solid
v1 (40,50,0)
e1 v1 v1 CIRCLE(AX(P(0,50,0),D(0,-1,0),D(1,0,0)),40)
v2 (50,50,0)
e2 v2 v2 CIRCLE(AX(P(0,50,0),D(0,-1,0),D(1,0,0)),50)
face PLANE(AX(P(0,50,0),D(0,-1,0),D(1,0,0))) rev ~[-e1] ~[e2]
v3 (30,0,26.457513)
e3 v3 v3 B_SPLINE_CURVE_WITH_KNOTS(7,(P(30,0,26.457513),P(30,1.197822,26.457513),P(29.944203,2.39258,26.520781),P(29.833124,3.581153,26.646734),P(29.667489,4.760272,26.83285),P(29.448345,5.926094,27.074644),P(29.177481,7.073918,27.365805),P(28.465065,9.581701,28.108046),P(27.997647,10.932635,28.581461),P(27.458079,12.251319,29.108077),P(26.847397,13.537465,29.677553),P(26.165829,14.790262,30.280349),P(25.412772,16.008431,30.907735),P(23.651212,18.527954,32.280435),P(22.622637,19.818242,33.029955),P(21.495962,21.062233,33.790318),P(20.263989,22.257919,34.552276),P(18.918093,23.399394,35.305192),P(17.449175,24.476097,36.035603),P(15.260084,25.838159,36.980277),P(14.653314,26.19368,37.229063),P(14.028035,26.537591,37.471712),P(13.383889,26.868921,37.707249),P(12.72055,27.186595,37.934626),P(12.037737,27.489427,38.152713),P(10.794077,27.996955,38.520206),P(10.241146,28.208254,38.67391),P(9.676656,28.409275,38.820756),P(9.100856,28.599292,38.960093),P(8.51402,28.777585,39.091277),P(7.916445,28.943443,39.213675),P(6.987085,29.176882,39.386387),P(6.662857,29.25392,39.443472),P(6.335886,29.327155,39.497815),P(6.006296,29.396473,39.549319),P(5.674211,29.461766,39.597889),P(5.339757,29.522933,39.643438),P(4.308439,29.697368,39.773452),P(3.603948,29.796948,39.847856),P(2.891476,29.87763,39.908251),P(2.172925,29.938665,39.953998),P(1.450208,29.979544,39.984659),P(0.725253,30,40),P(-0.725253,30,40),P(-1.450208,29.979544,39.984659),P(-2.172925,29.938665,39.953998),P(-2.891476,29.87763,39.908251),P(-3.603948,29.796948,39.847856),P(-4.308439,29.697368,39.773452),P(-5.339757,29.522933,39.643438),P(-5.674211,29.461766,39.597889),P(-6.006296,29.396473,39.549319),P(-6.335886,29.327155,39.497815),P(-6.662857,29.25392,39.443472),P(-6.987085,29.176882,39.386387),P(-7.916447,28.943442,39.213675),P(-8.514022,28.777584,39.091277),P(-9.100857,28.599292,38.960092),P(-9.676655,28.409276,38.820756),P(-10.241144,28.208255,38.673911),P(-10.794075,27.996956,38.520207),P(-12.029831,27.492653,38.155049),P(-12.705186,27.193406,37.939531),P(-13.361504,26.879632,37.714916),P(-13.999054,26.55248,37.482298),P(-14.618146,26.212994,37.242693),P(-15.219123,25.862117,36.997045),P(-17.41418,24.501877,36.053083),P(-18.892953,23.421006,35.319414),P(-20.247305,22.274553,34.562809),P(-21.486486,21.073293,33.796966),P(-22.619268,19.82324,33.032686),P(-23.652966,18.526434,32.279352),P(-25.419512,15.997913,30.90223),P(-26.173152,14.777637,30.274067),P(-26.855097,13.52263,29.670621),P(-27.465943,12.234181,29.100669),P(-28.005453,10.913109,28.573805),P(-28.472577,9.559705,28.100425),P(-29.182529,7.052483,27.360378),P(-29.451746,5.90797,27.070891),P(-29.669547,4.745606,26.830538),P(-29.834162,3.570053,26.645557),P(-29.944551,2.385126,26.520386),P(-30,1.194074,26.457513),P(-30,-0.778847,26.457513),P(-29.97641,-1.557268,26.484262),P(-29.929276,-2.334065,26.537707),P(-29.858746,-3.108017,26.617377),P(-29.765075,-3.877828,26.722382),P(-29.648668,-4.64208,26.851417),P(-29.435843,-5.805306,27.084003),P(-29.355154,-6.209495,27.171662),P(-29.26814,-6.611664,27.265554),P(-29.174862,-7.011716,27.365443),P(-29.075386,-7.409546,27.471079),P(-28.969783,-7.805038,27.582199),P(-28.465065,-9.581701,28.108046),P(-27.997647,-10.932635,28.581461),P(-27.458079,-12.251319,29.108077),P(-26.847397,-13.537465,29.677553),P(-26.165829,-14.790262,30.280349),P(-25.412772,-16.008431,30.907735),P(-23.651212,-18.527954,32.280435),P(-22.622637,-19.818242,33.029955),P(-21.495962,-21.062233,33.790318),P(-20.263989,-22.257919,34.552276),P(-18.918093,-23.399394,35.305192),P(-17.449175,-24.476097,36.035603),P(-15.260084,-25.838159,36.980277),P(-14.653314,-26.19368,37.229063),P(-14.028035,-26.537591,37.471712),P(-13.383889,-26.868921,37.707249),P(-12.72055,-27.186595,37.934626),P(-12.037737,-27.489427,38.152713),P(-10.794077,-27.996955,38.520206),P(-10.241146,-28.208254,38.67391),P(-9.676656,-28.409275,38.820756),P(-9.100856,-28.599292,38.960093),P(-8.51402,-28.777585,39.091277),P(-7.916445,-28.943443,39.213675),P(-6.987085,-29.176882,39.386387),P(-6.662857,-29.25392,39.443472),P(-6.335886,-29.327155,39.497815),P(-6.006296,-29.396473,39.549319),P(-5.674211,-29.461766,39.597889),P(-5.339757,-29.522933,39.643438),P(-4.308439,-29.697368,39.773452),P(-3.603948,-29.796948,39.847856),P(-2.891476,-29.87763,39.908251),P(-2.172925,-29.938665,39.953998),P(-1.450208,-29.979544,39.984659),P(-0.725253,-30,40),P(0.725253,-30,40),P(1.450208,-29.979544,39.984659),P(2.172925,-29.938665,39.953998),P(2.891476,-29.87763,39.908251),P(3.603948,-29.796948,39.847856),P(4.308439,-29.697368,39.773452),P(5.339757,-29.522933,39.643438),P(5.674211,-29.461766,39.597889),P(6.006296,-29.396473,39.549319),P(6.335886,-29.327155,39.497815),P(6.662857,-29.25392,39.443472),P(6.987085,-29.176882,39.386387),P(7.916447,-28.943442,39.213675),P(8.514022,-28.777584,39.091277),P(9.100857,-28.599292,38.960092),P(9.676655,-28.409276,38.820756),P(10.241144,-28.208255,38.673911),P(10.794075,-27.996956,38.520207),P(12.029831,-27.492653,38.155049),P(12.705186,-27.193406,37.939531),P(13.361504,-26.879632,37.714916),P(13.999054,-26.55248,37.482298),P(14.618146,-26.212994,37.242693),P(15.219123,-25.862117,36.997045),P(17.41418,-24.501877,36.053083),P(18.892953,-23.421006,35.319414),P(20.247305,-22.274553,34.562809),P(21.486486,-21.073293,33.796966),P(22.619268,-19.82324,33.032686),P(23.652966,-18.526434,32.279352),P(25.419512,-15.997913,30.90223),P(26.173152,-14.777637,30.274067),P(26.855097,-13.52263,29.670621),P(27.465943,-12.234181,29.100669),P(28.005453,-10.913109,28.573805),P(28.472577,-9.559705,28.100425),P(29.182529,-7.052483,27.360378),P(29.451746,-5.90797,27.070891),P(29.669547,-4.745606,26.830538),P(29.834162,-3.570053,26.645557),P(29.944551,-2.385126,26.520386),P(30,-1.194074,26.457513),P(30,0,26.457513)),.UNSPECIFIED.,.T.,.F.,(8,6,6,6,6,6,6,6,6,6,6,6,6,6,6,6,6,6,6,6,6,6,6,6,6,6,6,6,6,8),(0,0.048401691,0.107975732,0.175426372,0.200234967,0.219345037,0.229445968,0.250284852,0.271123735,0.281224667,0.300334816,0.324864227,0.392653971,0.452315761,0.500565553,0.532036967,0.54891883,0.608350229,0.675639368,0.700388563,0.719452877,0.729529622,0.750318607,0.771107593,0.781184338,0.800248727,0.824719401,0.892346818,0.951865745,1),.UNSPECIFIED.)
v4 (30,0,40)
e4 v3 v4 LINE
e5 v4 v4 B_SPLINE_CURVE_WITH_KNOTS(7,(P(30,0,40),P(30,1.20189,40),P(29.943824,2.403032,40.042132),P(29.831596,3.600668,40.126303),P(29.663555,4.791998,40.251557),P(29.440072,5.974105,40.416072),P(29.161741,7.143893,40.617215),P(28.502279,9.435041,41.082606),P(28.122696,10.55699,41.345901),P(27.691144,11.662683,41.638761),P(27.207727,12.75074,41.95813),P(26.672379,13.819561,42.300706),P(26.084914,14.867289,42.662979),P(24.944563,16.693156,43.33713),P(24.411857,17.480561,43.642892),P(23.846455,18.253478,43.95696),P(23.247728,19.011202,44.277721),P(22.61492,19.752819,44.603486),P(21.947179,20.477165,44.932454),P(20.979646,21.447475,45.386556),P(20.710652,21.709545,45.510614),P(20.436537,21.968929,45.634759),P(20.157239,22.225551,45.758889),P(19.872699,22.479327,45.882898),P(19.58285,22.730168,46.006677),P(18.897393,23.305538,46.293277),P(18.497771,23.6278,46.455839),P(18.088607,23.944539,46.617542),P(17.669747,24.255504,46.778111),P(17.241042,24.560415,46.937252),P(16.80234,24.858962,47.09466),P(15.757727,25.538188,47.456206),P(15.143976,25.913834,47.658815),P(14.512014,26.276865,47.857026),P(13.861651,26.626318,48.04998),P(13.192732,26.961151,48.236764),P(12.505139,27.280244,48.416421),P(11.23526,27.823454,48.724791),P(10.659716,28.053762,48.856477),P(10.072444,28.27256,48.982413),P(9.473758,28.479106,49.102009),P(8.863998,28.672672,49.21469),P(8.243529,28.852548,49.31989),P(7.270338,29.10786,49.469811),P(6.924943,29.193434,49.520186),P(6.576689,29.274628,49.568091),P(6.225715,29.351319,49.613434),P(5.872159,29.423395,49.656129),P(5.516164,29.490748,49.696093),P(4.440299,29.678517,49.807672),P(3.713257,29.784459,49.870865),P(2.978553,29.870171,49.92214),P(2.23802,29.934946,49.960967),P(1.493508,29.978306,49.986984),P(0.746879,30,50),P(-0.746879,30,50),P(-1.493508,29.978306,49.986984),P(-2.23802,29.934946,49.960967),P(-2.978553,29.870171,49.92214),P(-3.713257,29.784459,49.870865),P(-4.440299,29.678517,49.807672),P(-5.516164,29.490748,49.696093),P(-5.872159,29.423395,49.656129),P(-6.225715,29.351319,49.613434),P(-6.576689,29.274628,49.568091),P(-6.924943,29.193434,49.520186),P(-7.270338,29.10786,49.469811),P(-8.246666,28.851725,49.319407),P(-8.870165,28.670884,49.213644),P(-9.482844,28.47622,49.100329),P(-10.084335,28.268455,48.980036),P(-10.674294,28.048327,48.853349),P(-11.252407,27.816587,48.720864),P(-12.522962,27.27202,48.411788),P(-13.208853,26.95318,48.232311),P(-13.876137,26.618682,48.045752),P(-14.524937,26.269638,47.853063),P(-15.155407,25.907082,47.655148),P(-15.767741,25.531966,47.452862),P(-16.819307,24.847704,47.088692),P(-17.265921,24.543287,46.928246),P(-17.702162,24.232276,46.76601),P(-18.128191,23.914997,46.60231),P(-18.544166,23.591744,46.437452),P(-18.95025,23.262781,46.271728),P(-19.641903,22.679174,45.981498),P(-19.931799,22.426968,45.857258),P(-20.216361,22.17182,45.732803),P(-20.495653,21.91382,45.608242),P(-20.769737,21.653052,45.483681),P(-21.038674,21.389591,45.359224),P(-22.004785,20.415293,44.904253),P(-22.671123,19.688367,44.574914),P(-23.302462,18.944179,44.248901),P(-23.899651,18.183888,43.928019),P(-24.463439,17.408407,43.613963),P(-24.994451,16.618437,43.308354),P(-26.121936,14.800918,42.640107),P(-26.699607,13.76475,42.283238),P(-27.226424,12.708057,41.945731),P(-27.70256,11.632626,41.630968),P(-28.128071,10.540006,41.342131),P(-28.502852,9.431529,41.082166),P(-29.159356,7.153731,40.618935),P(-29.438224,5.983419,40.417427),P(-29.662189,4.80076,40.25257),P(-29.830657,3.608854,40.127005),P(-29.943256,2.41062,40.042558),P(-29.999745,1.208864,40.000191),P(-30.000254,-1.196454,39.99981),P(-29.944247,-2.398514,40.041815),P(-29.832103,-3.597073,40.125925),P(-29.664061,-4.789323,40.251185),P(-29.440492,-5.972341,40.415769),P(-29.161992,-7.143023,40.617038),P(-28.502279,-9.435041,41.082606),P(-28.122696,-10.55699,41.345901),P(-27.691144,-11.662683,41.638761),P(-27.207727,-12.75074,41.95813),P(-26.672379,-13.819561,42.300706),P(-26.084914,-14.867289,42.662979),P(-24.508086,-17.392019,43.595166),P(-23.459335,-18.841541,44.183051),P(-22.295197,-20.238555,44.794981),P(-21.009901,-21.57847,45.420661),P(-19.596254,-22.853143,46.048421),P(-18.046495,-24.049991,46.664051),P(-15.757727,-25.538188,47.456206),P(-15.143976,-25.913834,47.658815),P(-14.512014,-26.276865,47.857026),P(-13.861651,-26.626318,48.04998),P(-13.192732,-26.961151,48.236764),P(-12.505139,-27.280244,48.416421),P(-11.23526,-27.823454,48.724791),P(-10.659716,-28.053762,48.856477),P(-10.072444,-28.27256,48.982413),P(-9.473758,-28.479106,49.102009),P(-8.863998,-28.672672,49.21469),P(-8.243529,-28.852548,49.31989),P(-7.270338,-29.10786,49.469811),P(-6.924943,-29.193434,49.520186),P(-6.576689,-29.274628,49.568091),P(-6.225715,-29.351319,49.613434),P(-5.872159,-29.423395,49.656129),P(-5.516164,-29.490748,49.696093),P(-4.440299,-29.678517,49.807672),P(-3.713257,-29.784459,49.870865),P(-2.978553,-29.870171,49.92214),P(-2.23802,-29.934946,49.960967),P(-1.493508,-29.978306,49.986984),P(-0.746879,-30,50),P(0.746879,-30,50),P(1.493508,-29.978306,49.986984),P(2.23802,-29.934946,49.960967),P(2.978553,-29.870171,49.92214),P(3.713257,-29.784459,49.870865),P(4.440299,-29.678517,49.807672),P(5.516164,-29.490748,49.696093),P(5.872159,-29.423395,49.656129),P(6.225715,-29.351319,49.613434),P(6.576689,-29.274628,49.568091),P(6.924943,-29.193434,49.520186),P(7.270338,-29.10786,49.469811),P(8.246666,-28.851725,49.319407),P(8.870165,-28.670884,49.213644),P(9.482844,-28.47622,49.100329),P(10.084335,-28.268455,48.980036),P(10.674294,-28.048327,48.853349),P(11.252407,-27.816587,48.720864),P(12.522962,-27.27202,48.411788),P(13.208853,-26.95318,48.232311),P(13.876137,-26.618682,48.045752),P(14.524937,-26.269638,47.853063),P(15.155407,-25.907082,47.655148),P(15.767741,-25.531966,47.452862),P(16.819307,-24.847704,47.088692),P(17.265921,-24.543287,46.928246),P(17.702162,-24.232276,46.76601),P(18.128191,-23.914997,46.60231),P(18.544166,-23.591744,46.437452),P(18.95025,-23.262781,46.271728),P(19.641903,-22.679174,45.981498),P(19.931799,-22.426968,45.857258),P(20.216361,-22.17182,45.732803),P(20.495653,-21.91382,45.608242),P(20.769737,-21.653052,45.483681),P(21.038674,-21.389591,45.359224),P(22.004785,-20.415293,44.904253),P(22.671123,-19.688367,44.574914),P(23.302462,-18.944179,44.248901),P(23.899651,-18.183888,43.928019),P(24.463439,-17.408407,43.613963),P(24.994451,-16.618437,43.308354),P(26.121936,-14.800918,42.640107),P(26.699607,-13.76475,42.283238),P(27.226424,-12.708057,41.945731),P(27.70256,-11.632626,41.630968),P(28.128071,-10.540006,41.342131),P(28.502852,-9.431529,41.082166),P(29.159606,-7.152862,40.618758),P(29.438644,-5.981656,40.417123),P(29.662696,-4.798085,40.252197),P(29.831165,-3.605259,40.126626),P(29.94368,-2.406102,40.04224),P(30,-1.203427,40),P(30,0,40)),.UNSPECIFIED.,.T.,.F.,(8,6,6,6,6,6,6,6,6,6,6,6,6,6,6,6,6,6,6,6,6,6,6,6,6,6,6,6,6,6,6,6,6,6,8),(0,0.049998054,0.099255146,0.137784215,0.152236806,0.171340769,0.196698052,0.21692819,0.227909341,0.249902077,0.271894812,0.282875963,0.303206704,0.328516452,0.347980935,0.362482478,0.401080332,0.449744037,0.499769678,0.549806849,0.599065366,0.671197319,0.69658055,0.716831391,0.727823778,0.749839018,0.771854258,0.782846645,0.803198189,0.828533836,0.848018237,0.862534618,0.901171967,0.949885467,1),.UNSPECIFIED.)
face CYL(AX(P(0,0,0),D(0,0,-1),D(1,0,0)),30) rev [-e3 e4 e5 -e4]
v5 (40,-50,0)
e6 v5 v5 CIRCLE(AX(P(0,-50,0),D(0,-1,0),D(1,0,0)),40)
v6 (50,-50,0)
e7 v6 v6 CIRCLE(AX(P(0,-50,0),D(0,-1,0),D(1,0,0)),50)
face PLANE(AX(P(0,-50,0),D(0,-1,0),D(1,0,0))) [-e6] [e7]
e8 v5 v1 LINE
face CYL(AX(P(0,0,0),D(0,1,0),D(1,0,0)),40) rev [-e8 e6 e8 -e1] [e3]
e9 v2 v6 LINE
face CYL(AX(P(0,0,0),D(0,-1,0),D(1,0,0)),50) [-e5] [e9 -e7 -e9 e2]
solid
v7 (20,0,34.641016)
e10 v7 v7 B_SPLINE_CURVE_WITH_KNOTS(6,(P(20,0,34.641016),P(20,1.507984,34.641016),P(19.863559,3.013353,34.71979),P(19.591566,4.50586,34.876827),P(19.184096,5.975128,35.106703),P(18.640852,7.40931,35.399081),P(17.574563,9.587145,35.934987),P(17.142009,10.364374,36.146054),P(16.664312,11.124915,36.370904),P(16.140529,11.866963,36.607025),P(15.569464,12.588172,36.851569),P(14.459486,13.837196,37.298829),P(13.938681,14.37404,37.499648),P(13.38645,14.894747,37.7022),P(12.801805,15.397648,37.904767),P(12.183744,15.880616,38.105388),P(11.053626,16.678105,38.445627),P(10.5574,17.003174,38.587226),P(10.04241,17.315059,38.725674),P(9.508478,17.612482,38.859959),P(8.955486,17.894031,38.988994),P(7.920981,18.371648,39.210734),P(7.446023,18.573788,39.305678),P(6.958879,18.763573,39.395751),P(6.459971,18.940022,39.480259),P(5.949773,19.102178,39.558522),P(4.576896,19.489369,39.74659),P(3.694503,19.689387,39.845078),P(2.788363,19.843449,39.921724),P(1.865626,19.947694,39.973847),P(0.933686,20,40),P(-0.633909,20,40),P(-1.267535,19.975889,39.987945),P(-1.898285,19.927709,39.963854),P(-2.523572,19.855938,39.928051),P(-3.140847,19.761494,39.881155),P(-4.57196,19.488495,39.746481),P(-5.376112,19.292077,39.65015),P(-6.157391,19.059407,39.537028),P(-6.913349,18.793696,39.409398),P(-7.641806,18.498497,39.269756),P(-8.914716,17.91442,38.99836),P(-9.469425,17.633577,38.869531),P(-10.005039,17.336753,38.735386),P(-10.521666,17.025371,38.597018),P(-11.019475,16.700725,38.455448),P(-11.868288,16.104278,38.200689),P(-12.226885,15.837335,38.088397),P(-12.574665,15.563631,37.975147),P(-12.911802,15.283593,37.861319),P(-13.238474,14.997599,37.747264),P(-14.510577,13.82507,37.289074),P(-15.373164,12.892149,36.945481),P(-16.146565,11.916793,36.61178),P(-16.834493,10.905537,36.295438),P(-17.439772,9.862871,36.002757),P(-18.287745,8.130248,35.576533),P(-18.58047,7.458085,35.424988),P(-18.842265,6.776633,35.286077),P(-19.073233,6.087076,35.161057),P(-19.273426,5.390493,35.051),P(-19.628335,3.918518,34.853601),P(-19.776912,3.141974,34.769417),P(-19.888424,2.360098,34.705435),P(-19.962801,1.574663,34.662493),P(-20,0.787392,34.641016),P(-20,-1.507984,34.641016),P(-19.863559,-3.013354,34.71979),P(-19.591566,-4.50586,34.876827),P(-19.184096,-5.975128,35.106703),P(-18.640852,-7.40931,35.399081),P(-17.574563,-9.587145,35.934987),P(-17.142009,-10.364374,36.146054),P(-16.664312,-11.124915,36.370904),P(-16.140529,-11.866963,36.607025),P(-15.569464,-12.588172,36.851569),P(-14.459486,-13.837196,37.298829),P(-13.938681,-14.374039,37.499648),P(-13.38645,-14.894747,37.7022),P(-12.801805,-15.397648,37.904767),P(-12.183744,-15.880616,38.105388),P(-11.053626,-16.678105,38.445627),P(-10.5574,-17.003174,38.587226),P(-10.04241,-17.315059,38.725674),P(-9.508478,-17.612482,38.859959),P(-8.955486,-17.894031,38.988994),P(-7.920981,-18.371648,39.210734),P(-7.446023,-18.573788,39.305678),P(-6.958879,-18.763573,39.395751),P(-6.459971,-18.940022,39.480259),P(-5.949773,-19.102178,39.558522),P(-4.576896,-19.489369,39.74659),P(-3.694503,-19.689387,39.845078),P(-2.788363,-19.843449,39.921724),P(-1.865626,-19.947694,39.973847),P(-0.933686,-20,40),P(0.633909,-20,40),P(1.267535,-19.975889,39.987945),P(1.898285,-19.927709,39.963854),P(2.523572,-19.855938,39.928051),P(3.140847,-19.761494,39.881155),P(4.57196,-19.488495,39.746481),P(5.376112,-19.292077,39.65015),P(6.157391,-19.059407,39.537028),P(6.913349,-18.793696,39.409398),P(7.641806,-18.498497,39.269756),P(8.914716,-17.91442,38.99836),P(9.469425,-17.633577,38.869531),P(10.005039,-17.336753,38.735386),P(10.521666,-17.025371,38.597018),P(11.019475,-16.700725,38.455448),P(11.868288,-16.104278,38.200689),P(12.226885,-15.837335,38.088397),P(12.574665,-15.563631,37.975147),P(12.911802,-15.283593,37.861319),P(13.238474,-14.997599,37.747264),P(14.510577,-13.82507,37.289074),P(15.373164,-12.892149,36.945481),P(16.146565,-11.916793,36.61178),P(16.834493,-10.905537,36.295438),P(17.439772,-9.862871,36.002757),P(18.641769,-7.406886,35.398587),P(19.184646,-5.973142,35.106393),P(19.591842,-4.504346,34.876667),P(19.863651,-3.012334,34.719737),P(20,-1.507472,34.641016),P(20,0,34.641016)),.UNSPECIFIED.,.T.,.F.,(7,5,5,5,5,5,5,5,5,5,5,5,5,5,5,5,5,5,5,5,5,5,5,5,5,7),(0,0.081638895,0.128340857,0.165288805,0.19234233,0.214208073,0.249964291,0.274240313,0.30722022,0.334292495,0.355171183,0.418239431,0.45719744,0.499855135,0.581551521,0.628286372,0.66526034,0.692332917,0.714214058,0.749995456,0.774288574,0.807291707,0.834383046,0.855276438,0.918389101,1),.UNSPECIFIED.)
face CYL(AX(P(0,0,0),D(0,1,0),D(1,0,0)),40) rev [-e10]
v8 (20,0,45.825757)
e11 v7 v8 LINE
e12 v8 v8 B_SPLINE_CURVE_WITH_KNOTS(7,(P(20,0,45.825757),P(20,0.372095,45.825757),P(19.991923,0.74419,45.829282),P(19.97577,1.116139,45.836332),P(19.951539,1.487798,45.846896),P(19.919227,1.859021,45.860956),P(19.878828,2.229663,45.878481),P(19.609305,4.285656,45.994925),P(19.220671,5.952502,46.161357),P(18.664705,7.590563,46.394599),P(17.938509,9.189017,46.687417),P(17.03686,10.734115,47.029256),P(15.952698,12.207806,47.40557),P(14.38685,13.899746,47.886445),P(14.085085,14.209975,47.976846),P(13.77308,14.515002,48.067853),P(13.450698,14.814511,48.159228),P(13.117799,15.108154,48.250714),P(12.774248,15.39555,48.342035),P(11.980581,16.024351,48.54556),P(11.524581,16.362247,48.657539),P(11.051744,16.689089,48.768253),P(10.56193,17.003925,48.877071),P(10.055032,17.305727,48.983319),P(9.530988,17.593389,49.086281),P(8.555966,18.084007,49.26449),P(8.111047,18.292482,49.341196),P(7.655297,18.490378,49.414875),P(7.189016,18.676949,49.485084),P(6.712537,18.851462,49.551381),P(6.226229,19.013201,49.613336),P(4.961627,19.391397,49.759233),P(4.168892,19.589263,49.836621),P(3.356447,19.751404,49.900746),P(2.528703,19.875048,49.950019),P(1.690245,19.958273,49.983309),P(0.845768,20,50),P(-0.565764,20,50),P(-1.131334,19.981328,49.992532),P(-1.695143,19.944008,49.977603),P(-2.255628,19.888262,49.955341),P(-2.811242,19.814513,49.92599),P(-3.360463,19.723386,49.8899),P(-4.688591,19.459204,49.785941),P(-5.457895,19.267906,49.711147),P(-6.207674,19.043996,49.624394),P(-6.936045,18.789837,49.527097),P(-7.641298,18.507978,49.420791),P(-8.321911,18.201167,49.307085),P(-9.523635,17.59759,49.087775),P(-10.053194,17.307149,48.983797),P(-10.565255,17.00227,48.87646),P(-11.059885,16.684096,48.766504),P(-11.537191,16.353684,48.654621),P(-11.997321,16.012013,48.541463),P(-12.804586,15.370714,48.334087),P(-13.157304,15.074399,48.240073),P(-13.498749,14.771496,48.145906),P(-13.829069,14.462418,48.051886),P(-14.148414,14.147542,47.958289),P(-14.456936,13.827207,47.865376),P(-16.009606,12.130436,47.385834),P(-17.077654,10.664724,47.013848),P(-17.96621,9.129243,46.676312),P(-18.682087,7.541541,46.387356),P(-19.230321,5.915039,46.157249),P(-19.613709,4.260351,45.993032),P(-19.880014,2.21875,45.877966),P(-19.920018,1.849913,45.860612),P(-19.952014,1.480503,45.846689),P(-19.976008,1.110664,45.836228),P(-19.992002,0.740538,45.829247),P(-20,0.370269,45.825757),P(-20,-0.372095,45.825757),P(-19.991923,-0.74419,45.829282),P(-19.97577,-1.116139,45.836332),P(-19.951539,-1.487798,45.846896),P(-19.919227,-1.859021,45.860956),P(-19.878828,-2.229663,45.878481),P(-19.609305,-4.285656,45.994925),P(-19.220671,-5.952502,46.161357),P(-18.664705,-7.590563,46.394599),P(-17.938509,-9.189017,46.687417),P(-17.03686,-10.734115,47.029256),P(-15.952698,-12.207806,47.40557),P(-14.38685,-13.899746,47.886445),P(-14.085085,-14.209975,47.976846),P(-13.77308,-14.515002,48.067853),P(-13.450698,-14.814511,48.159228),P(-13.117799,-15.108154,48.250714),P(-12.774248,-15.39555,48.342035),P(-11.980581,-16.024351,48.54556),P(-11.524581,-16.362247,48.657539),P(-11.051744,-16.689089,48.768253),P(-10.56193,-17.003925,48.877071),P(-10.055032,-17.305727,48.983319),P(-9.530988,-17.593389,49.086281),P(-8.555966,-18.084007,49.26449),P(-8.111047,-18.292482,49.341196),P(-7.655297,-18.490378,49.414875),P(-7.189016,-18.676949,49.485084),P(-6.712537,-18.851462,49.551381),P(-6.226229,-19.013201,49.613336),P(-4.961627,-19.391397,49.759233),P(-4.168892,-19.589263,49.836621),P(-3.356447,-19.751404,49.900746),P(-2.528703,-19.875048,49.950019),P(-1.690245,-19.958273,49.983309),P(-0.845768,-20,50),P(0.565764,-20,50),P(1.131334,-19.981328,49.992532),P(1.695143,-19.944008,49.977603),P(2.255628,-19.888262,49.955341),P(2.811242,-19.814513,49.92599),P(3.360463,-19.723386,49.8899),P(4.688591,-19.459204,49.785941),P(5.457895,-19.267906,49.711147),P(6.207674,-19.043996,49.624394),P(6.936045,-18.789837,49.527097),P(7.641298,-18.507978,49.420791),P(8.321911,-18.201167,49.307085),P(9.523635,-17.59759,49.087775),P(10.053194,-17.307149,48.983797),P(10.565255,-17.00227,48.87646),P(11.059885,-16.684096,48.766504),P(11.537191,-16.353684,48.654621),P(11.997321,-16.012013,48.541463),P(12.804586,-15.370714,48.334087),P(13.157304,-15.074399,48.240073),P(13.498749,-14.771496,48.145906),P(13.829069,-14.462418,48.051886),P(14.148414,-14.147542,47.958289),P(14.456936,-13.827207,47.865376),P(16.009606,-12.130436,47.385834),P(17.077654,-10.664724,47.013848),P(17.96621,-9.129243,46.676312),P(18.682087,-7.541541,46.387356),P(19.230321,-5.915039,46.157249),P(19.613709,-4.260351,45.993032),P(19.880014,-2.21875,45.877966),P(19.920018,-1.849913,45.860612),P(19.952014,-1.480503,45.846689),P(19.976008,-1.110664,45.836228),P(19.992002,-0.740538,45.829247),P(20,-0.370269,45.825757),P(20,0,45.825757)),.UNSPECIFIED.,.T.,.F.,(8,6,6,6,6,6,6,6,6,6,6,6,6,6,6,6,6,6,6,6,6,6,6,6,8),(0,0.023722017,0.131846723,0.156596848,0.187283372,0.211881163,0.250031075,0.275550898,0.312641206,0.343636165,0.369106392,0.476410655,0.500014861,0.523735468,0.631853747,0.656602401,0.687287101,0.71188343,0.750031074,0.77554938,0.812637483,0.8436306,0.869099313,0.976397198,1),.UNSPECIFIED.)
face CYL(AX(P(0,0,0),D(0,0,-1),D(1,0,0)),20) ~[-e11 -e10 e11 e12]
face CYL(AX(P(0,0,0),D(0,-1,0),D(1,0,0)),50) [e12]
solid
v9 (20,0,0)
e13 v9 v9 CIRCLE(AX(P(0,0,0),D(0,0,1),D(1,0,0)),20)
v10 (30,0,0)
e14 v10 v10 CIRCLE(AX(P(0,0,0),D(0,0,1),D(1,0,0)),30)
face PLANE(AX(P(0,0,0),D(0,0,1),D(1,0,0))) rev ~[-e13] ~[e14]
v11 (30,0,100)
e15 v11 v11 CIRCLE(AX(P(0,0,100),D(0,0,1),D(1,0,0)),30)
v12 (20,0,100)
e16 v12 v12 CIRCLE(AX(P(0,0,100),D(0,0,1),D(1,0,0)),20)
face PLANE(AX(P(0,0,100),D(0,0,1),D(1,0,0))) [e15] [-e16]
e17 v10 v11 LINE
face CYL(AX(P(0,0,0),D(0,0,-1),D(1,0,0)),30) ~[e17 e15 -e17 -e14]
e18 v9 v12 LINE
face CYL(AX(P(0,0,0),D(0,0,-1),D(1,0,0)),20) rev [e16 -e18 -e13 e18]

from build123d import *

# Parameters (mm, degrees)
F0_R     = 50
F0_R_2   = 40
F1_DEPTH = 50
F2_R     = 30
F2_R_2   = 20
F3_DEPTH = 100


with BuildPart() as f1:
    # F0 (on Front) → F1 (new body, symmetric)
    with BuildSketch(Plane.XZ):
        Circle(F0_R)
        Circle(F0_R_2, mode=Mode.SUBTRACT)
    extrude(amount=F1_DEPTH, both=True)


with BuildPart() as f3:
    # F2 (on Top) → F3 (new body)
    with BuildSketch(Plane.XY):
        Circle(F2_R)
        Circle(F2_R_2, mode=Mode.SUBTRACT)
    extrude(amount=F3_DEPTH)


with BuildPart() as f1_1:
    add(f1.part)

    # F4: cut F3
    add(f3.part, mode=Mode.SUBTRACT)


solid = Compound([f3.part, f1_1.part])
